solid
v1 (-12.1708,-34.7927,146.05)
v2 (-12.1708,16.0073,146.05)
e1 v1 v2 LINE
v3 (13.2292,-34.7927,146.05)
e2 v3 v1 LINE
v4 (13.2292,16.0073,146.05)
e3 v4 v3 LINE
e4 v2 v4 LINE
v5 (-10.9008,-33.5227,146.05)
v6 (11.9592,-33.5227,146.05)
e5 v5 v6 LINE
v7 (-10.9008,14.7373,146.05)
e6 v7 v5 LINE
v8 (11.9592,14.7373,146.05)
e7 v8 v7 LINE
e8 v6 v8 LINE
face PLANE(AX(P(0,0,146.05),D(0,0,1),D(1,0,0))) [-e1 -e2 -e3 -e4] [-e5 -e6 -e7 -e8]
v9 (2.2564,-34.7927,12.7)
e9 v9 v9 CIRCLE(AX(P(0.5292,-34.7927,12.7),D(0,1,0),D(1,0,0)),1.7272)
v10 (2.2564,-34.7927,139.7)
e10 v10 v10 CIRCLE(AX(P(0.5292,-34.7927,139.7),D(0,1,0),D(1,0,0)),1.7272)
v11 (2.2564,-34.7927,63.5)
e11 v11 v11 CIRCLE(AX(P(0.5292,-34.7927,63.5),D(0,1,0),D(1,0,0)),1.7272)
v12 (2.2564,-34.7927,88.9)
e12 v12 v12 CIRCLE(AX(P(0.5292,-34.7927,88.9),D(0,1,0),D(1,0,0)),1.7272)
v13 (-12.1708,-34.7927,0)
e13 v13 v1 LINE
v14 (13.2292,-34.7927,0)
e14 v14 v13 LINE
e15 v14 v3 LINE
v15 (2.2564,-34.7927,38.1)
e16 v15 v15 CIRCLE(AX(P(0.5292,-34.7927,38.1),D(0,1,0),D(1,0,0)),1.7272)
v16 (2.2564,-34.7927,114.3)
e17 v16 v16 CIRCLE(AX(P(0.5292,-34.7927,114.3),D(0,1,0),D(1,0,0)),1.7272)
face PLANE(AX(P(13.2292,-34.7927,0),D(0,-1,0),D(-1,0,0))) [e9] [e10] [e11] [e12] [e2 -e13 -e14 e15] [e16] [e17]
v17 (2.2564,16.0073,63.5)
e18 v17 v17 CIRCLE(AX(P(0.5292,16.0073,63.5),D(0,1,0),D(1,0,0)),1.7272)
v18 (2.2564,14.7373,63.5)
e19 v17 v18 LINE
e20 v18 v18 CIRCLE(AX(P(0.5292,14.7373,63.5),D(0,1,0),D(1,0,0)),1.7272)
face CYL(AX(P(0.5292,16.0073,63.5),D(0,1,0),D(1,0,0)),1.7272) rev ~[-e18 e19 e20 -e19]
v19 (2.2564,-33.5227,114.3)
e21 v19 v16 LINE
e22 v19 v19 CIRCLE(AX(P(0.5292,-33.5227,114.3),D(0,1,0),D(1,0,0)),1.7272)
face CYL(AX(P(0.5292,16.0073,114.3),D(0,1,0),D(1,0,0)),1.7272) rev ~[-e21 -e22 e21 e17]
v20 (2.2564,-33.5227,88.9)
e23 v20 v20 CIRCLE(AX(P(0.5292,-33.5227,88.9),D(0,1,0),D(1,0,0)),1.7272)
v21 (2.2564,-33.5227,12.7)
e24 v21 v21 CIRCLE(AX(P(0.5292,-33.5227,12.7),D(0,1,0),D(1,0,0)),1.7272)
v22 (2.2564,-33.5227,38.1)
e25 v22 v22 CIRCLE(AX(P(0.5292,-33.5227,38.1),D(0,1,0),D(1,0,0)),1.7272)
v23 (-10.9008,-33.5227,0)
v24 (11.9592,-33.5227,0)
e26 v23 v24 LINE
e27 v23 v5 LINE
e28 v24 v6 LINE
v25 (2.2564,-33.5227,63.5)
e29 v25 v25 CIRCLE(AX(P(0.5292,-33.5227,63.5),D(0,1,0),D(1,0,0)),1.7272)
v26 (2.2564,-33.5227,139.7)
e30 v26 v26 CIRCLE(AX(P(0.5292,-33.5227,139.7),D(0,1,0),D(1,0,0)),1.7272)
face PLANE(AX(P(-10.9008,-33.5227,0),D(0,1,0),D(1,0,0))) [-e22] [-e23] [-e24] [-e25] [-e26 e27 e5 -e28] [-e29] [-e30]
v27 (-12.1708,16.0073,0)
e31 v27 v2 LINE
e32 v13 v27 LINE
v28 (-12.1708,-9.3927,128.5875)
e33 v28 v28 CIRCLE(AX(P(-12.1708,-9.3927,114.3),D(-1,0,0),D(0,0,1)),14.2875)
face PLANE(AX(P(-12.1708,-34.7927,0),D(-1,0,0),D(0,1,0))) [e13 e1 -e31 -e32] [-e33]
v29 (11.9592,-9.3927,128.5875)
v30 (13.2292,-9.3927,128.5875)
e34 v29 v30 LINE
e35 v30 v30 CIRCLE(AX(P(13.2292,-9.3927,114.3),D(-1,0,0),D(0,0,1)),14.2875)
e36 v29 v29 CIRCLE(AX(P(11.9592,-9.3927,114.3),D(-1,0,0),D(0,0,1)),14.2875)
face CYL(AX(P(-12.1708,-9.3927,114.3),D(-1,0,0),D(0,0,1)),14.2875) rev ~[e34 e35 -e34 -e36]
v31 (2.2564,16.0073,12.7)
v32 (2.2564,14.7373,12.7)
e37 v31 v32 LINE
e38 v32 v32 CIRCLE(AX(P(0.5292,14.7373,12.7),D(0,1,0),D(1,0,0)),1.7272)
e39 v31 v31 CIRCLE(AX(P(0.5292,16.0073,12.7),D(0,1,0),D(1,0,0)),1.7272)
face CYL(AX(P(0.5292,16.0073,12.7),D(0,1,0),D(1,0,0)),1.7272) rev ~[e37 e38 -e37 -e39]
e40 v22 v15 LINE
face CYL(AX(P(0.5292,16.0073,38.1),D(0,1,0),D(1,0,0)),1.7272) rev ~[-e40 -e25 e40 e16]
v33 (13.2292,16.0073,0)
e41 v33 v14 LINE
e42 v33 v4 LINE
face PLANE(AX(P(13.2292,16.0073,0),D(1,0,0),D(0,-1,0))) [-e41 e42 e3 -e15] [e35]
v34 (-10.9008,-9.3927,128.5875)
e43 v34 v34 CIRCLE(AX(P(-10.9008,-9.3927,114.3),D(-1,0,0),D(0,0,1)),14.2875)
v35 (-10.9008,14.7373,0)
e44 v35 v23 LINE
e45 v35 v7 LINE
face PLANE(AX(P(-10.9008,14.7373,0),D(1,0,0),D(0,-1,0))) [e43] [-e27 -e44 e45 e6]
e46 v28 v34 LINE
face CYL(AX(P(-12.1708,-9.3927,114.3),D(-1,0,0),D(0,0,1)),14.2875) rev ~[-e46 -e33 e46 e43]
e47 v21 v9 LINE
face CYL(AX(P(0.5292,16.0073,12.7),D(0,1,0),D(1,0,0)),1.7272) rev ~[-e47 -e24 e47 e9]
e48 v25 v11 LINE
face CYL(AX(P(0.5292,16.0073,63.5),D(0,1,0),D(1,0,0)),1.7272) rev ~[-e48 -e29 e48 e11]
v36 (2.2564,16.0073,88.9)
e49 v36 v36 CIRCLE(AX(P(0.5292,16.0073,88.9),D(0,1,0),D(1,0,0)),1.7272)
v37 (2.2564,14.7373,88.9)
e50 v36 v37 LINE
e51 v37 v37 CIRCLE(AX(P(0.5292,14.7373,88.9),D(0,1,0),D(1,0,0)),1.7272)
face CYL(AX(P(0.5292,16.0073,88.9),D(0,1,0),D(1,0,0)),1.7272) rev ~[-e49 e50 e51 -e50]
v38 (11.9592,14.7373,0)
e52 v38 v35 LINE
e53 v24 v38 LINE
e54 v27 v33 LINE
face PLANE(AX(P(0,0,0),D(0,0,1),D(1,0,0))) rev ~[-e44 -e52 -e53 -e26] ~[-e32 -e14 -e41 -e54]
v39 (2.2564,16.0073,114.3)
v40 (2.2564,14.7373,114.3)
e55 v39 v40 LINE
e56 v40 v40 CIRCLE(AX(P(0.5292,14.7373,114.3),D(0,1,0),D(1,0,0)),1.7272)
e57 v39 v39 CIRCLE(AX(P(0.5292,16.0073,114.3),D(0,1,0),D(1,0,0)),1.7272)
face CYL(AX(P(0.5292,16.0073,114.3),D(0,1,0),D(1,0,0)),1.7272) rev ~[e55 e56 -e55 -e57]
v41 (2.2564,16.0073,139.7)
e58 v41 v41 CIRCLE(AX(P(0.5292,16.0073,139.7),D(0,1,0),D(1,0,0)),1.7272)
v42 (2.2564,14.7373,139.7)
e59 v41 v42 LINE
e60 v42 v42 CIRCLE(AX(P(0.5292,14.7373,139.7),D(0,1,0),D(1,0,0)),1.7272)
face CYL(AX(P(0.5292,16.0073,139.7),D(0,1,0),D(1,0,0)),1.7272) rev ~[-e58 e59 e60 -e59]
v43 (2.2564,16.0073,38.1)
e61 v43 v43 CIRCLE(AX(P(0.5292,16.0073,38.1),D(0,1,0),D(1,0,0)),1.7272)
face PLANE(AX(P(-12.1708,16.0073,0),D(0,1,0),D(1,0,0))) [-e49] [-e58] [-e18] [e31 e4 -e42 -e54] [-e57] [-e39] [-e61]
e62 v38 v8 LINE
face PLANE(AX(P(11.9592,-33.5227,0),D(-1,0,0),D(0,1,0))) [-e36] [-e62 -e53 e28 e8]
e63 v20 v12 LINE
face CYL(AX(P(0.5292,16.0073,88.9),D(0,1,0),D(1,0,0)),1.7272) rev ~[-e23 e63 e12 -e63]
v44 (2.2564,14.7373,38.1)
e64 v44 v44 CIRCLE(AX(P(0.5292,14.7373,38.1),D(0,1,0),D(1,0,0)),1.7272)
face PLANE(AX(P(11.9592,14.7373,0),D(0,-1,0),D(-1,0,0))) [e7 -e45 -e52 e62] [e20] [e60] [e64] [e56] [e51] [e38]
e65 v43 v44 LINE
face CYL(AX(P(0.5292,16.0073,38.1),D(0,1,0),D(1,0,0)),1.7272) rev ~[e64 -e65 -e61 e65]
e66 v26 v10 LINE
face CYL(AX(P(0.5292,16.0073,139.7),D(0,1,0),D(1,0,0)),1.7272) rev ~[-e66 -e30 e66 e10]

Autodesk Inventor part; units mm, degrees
ref_plane "YZ Plane" through (0, 0, 0) normal (1, 0, 0) x (0, 1, 0)
ref_plane "XZ Plane" through (0, 0, 0) normal (0, 1, 0) x (-1, 0, 0)
ref_plane "XY Plane" through (0, 0, 0) normal (0, 0, 1) x (1, 0, 0)
sketch "Sketch1" plane through (0, 0, 0) normal (0, 0, 1) x (1, 0, 0)
  line L0 (-12.1708, 16.0073) -> (13.2292, 16.0073)
  line L1 (13.2292, 16.0073) -> (13.2292, -34.7927)
  line L2 (13.2292, -34.7927) -> (-12.1708, -34.7927)
  line L3 (-12.1708, -34.7927) -> (-12.1708, 16.0073)
  line L4 (11.9592, 14.7373) -> (-10.9008, 14.7373)
  line L5 (-10.9008, 14.7373) -> (-10.9008, -33.5227)
  line L6 (-10.9008, -33.5227) -> (11.9592, -33.5227)
  line L7 (11.9592, -33.5227) -> (11.9592, 14.7373)
  point P0 (0, 0)
  dimension "d0" = 25.4
  dimension "d1" = 50.8
  dimension "d2" = 1.27
extrude "Extrusion1" add sketch "Sketch1" along normal blind 146.05
sketch "Sketch2" plane through (-12.1708, 16.0073, 0) normal (0, 1, 0) x (1, 0, 0)
  circle A0 centre (12.7, -12.7) radius 1.7272
  line L0 (25.4, 0) -> (0, 0) projected
  line L1 (0, 0) -> (0, -146.05) projected
  point P0 (12.1708, 0)
  dimension "d5" = 3.4544
  dimension "d6" = 12.7
  dimension "d7" = 12.7
extrude "Extrusion2" cut sketch "Sketch2" against normal through all
pattern_linear "Rectangular Pattern1" count 15 spacing 25.4 along (0, 0, 1) of "Extrusion2"
sketch "Sketch5" plane through (-12.1708, -34.7927, 0) normal (-1, 0, 0) x (0, 0, 1)
  line L0 (0, 50.8) -> (0, 0) projected
  line L1 (95.25, 50.8) -> (146.05, 50.8)
  line L2 (146.05, 50.8) -> (146.05, 203.2)
  line L3 (146.05, 203.2) -> (95.25, 203.2)
  line L4 (95.25, 203.2) -> (95.25, 50.8)
  circle A0 centre (120.65, 101.6) radius 14.2875
  point P0 (0, 34.7927)
  point P1 (120.65, 50.8)
  dimension "d48" = 50.8
  dimension "d49" = 152.4
  dimension "d50" = 28.575
  dimension "d51" = 50.8
sketch "Sketch6" plane through (-12.1708, -34.7927, 0) normal (-1, 0, 0) x (0, 0, 1)
  circle A0 centre (114.3, 25.4) radius 14.2875
  line L0 (146.05, 50.8) -> (146.05, 0) projected
  point P0 (0, 34.7927)
  point P1 (146.05, 25.4)
  dimension "d52" = 28.575
  dimension "d53" = 31.75
extrude "Extrusion5" cut sketch "Sketch6" against normal blind 25.4
equation "\"d3\" = d13"
equation "\"d10\" = d14"
equation "\"d13\" = 146.05"
equation "\"d14\" = d13"
equation "\"d32\" = 101.6"
properties part number "ElevatorPivotBar1"
